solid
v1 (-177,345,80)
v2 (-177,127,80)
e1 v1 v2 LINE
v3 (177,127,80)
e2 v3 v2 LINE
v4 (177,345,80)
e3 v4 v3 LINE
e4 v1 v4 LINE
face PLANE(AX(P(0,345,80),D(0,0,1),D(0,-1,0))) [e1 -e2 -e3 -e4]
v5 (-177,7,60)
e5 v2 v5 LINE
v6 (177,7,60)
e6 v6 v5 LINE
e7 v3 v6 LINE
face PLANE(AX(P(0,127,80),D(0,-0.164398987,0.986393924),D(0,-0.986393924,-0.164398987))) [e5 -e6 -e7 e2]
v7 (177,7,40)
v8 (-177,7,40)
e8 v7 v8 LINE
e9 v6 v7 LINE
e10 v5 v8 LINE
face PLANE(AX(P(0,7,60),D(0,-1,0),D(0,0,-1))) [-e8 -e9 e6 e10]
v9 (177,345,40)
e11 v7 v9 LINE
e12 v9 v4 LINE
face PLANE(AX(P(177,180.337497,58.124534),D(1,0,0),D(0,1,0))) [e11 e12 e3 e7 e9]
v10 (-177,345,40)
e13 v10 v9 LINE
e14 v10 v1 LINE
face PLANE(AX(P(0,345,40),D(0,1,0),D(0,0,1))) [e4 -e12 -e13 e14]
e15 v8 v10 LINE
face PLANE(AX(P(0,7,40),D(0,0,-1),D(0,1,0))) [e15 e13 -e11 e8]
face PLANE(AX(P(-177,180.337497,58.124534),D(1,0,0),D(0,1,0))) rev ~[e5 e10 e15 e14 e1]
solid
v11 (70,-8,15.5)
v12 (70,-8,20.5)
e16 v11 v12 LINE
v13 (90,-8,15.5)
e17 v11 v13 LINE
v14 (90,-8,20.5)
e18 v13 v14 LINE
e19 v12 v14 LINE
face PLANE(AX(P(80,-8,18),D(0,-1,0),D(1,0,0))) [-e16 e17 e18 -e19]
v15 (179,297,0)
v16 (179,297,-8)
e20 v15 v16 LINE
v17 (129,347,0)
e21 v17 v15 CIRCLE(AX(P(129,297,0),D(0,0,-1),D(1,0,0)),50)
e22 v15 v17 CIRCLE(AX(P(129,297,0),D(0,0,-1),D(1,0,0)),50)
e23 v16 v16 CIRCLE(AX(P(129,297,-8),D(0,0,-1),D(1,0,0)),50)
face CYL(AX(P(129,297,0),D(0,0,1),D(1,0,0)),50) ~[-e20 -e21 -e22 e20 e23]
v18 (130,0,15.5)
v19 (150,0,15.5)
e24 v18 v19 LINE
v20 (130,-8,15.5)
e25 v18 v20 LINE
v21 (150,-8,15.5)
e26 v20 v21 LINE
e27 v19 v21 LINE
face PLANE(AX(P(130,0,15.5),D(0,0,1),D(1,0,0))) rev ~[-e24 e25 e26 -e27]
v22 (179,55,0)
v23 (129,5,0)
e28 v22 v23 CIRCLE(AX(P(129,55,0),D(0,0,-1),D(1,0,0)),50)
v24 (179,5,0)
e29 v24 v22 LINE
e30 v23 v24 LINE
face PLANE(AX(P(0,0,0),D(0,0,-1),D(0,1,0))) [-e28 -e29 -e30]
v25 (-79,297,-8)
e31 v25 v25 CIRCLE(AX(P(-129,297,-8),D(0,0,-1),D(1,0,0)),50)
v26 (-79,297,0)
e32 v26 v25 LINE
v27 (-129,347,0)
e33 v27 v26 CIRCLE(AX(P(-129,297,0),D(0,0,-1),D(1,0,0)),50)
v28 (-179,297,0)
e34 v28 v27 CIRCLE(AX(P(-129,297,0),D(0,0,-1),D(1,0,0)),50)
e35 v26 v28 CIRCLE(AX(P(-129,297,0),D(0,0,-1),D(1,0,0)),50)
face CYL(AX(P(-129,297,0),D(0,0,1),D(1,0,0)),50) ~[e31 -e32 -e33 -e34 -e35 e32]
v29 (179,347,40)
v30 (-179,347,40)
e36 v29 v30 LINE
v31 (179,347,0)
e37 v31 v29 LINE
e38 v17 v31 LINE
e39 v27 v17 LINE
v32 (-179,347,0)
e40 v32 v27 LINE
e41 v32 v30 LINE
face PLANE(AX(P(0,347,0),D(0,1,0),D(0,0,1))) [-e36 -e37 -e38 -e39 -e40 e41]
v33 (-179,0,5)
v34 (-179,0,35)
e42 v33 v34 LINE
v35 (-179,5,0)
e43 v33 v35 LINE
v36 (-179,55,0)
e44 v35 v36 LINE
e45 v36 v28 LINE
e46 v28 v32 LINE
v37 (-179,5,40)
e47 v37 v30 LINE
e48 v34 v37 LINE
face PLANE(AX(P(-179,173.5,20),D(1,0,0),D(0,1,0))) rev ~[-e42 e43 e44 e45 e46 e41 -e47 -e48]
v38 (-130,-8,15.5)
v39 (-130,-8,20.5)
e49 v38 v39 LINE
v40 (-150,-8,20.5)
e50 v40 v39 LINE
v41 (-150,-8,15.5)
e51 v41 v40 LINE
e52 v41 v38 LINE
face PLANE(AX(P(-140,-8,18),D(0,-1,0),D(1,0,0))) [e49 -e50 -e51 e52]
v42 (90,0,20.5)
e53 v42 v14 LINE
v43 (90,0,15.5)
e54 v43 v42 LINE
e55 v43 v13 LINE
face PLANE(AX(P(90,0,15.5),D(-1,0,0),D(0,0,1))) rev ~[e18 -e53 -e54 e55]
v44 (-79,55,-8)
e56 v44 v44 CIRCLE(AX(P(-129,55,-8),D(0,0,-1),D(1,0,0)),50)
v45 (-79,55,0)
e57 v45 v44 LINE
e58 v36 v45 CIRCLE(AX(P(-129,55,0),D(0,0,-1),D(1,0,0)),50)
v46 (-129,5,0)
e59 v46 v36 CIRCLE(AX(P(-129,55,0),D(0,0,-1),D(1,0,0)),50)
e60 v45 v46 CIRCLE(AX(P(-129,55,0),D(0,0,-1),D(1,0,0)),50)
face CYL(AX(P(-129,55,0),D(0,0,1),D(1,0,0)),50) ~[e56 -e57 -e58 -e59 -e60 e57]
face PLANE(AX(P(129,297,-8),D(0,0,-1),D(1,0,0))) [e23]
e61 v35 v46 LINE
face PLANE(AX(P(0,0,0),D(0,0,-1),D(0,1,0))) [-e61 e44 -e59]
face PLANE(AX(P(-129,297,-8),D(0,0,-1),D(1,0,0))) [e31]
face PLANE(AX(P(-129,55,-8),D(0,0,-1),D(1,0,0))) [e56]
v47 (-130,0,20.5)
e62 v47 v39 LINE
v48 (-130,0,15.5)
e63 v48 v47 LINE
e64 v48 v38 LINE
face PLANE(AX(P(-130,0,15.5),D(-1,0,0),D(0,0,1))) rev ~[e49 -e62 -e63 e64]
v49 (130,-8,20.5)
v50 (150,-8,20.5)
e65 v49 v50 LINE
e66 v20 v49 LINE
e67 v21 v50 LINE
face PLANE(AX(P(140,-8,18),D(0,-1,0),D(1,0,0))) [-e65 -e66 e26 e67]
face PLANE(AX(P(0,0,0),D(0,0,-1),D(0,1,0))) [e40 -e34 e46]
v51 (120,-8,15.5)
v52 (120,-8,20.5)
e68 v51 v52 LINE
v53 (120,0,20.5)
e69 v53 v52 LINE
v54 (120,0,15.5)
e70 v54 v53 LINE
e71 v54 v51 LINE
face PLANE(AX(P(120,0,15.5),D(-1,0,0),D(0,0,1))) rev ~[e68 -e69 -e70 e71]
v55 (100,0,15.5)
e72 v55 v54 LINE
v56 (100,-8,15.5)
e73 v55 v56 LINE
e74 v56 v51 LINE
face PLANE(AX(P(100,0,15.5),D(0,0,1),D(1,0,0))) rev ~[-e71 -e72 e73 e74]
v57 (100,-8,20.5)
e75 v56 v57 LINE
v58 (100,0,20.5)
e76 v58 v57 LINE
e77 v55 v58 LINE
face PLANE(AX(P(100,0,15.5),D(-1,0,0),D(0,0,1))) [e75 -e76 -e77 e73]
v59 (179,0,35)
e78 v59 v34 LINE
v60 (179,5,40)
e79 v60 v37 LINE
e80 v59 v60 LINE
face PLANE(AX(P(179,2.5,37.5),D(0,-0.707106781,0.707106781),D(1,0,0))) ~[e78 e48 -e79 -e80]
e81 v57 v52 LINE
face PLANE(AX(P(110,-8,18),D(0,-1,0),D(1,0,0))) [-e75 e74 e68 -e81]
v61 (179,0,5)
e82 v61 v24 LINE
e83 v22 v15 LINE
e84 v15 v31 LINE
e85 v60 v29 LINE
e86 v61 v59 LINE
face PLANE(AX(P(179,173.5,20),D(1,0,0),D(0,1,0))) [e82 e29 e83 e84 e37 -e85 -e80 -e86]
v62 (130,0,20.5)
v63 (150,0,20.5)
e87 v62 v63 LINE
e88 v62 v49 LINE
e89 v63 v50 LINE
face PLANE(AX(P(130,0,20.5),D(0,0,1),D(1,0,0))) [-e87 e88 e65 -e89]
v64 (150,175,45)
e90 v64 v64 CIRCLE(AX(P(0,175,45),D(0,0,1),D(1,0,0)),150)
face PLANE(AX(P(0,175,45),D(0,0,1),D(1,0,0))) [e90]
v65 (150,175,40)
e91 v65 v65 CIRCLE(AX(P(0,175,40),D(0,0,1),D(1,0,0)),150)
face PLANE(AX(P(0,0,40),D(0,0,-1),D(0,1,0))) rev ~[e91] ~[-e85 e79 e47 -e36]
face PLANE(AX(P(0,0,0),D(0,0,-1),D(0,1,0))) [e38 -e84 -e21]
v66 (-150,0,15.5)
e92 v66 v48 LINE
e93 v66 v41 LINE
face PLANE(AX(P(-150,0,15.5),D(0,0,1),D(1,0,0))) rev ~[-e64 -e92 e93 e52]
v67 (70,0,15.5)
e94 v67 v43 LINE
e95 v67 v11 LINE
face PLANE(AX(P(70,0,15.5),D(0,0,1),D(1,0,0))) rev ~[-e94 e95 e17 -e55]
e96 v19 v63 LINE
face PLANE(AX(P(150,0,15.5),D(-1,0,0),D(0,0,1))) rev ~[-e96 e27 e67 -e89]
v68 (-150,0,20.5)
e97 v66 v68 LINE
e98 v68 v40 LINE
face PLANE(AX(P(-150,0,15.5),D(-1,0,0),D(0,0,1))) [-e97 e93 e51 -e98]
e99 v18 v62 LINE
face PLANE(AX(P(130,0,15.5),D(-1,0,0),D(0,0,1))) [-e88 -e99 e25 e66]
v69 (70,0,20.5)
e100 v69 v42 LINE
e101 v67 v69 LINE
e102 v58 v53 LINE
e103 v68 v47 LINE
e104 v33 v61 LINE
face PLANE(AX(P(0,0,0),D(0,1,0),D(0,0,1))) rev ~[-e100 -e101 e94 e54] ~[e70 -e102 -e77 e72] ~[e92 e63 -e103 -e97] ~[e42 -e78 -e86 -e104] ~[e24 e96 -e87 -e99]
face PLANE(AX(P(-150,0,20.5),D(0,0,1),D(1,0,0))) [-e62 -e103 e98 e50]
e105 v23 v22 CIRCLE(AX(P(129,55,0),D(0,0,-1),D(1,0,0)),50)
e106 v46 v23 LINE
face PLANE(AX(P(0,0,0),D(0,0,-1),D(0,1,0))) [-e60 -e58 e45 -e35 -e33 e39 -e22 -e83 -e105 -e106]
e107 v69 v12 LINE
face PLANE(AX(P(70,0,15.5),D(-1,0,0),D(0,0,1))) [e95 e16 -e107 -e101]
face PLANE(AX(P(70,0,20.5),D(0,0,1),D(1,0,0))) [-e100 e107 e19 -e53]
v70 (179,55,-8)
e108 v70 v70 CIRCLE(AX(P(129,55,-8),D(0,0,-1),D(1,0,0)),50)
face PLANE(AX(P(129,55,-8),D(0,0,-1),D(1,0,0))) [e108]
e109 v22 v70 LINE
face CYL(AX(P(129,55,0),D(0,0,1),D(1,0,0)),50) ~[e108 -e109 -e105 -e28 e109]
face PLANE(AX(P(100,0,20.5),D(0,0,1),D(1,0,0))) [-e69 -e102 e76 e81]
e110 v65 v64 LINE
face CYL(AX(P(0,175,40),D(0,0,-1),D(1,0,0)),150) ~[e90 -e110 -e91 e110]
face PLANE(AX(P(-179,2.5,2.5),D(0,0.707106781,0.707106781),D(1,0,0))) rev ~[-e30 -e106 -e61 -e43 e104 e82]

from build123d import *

# Parameters (mm, degrees)
F0_W      = 347
F0_H      = 40
F1_DEPTH  = 179
F2_SIZE   = 5
F3_W      = 20
F3_H      = 5
F4_DEPTH  = 8
F5_R      = 150
F6_DEPTH  = 5
F8_DEPTH  = 177
F9_R      = 50
F10_DEPTH = 8


with BuildPart() as f1:
    # F0 (on Right) → F1 (new body, symmetric)
    with BuildSketch(Plane.YZ):
        with Locations((173.5, 20)):
            Rectangle(F0_W, F0_H)
    extrude(amount=F1_DEPTH, both=True)

    # F2
    f2_edges = [f1.edges().sort_by_distance(p)[0] for p in [
        (0, 0, 40),
        (0, 0, 0),
    ]]
    chamfer(f2_edges, length=F2_SIZE)

    # F3 (on face) → F4 (join)
    with BuildSketch(Plane.XZ):
        with Locations((-140, 18)):
            Rectangle(F3_W, F3_H)
        with Locations((110, 18)):
            Rectangle(F3_W, F3_H)
        with Locations((140, 18)):
            Rectangle(F3_W, F3_H)
        with Locations((80, 18)):
            Rectangle(F3_W, F3_H)
    extrude(amount=F4_DEPTH)

    # F5 (on face) → F6 (join)
    with BuildSketch(Plane.XY.offset(40)):
        with Locations((0, 175)):
            Circle(F5_R)
    extrude(amount=F6_DEPTH)

    # F9 (on face) → F10 (join)
    with BuildSketch(Plane(origin=(0, 0, 0), x_dir=(1, 0, 0), z_dir=(0, 0, -1))):
        with Locations((129, -55)):
            Circle(F9_R)
        with Locations((-129, -55)):
            Circle(F9_R)
        with Locations((-129, -297)):
            Circle(F9_R)
        with Locations((129, -297)):
            Circle(F9_R)
    extrude(amount=F10_DEPTH)


with BuildPart() as f8:
    # F7 (on Right) → F8 (new body, symmetric)
    with BuildSketch(Plane.YZ):
        Polygon((7, 40), (345, 40), (345, 80), (127, 80), (7, 60), align=None)
    extrude(amount=F8_DEPTH, both=True)


solid = Compound([f1.part, f8.part])
